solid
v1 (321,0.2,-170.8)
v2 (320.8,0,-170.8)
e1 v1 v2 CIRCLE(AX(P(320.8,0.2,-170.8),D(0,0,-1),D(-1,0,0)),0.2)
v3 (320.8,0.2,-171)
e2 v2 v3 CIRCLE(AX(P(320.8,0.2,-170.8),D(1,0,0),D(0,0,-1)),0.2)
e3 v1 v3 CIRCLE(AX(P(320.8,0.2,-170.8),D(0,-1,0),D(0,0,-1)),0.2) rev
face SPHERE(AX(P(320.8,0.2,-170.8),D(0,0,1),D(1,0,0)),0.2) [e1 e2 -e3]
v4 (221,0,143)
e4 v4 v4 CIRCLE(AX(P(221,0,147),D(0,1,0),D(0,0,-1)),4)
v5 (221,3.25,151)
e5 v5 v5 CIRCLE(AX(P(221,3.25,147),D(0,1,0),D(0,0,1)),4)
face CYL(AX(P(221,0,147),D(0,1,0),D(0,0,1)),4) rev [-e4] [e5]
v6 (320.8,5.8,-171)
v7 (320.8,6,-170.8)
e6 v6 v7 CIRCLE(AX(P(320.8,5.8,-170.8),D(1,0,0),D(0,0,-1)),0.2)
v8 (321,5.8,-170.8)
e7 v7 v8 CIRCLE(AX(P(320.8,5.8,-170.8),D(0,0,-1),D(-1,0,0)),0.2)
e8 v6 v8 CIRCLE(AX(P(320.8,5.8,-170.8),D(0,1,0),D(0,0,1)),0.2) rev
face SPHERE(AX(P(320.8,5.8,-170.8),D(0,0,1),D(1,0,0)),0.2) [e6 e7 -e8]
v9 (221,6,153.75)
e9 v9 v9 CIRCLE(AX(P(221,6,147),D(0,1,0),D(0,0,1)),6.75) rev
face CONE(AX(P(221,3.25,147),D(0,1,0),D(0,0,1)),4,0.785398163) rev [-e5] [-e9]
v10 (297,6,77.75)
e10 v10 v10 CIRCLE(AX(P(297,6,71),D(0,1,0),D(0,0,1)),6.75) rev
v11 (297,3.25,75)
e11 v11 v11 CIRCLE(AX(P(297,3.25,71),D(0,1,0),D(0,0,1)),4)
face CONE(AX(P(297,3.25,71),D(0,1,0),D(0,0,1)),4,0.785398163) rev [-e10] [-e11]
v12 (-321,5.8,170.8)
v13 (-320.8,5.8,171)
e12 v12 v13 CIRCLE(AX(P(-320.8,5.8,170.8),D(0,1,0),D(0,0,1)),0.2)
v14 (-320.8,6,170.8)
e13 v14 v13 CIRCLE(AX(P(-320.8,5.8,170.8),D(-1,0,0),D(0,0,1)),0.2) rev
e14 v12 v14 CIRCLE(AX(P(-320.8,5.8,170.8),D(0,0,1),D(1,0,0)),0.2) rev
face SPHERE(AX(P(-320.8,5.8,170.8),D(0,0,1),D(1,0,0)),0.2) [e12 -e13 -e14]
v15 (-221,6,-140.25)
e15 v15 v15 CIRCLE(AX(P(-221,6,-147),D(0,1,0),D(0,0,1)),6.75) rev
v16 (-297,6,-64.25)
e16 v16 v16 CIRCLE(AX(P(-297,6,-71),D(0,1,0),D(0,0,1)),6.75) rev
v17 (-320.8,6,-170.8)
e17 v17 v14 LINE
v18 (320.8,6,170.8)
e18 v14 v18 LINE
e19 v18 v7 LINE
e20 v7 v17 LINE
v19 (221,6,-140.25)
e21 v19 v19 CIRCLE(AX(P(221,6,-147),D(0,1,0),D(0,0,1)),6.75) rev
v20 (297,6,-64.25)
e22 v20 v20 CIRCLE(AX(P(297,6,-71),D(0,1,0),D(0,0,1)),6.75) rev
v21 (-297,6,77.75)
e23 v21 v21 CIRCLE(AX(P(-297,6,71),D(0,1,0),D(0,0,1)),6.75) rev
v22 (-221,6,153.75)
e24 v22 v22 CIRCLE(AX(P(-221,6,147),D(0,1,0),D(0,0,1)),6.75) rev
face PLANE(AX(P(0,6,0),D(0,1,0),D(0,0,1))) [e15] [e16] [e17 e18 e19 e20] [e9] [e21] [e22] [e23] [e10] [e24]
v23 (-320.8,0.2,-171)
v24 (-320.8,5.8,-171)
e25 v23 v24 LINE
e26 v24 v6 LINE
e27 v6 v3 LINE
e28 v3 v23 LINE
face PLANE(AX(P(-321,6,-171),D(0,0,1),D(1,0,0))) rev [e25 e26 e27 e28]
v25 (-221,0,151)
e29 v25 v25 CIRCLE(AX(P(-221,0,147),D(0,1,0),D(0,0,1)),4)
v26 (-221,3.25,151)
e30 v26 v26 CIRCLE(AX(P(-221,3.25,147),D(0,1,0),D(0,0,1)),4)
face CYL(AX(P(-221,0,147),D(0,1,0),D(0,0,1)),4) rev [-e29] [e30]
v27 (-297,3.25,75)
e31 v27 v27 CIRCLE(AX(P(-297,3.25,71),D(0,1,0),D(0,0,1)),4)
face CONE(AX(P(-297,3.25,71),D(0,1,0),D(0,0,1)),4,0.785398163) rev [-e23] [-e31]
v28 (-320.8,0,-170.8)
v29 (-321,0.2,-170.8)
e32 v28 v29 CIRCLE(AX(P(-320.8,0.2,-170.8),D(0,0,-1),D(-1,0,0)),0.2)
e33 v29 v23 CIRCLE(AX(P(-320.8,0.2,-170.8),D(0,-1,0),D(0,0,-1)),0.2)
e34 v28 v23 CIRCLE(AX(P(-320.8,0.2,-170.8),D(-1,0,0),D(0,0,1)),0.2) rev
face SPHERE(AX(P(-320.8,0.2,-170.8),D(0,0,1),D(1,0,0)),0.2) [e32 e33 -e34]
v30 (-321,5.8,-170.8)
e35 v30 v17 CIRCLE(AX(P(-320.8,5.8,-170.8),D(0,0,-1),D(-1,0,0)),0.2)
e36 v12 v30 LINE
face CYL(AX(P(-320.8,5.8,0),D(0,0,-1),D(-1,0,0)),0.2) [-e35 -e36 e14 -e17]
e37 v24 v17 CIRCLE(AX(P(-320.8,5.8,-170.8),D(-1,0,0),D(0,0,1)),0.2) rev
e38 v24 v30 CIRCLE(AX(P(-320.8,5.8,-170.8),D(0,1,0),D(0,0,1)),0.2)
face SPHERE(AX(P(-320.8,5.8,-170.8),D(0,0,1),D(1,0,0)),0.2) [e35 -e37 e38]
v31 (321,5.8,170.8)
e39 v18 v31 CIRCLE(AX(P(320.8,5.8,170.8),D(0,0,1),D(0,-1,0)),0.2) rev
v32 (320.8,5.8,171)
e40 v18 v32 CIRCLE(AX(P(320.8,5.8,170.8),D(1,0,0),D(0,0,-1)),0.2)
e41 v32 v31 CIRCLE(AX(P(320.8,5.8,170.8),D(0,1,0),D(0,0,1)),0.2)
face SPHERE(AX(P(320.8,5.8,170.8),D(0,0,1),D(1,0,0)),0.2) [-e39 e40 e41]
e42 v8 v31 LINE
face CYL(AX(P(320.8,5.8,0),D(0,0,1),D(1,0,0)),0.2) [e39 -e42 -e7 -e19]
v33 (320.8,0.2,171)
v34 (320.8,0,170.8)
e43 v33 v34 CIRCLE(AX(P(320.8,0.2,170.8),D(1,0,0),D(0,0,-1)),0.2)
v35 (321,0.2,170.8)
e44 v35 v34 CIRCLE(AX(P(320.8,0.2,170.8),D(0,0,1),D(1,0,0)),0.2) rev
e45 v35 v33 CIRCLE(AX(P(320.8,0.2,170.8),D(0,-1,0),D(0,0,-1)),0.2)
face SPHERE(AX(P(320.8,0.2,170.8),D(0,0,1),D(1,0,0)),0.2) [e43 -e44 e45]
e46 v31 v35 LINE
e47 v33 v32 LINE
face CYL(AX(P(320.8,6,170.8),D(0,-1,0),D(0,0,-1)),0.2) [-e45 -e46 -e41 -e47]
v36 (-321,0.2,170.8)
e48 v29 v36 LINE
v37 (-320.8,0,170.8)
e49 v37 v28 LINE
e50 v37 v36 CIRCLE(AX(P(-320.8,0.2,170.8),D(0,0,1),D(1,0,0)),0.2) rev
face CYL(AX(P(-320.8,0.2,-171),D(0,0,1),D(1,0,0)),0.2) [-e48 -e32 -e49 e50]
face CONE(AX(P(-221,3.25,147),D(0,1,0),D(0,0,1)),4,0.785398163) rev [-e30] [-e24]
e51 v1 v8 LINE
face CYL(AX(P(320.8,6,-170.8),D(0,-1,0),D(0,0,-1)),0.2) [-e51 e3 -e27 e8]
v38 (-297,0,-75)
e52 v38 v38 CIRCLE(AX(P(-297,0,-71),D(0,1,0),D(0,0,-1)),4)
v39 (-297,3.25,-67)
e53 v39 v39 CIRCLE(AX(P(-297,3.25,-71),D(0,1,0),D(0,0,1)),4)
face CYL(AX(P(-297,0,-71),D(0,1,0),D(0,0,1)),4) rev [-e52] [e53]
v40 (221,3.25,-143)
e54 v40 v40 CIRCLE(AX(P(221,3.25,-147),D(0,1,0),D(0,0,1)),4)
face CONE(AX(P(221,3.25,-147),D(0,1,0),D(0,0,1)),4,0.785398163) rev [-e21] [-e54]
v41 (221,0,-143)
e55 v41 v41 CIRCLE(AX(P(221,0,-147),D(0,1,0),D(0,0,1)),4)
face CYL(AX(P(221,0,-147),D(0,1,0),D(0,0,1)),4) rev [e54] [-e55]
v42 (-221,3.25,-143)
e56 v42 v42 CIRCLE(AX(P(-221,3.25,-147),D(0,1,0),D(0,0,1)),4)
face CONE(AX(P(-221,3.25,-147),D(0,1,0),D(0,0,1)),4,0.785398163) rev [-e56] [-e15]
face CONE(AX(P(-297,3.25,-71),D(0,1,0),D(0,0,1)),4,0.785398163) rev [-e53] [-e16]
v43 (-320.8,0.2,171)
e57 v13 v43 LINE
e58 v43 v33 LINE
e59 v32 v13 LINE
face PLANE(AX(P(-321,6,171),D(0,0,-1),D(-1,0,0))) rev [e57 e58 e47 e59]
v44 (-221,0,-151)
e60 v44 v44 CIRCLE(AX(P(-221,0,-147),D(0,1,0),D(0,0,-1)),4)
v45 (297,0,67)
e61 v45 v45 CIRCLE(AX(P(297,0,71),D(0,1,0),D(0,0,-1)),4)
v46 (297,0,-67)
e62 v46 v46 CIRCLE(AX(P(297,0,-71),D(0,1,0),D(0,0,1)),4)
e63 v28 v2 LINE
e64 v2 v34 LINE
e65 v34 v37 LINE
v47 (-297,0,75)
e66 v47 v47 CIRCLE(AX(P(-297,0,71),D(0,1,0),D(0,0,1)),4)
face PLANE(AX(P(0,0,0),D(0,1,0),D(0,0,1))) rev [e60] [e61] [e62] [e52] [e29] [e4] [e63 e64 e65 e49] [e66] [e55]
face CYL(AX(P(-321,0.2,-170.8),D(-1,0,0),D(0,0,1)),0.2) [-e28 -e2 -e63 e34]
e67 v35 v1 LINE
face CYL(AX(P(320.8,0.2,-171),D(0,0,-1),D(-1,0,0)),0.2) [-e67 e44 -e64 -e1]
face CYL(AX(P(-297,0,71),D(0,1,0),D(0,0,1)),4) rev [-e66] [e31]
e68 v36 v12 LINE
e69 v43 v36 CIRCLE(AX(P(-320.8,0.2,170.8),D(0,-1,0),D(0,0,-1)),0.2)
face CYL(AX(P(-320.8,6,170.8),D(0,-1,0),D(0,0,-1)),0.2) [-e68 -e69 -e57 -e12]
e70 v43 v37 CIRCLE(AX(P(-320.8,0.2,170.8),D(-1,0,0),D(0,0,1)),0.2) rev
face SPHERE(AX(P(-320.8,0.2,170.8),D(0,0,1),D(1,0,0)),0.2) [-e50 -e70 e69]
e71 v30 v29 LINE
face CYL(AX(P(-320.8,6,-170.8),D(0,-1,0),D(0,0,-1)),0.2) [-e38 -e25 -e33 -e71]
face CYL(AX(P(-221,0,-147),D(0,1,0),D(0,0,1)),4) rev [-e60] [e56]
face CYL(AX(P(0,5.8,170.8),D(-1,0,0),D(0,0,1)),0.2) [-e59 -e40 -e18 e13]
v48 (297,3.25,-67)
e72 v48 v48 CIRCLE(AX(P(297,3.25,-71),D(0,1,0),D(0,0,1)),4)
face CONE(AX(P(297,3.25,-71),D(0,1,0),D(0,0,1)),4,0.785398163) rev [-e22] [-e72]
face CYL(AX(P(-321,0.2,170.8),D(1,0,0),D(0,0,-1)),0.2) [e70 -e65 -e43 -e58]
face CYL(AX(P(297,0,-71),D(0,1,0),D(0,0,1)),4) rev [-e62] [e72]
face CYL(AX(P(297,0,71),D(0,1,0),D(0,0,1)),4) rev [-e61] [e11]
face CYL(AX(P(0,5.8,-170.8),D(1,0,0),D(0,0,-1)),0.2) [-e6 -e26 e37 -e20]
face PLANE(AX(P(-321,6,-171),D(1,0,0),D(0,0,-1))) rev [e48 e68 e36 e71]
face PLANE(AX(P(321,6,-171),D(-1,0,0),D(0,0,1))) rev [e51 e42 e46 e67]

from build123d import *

# Parameters (mm, degrees)
SKETCH1_W           = 642
SKETCH1_H           = 342
BOSS_EXTRUDE1_DEPTH = 6
SKETCH2_R           = 4
CUT_EXTRUDE1_DEPTH  = 7
CHAMFER1_SIZE       = 2.75
FILLET1_R           = 0.2


with BuildPart() as part:
    # Sketch1 → Boss-Extrude1 (new body)
    with BuildSketch(Plane(origin=(0, 0, 0), x_dir=(1, 0, 0), z_dir=(0, 1, 0))):
        Rectangle(SKETCH1_W, SKETCH1_H)
    extrude(amount=BOSS_EXTRUDE1_DEPTH)

    # Sketch2 → Cut-Extrude1 (cut, through all)
    with BuildSketch(Plane(origin=(0, 6, 0), x_dir=(1, 0, 0), z_dir=(0, 1, 0))):
        with Locations((-221, -147)):
            Circle(SKETCH2_R)
        with Locations((221, -147)):
            Circle(SKETCH2_R)
        with Locations((-297, -71)):
            Circle(SKETCH2_R)
        with Locations((297, -71)):
            Circle(SKETCH2_R)
        with Locations((297, 71)):
            Circle(SKETCH2_R)
        with Locations((221, 147)):
            Circle(SKETCH2_R)
        with Locations((-221, 147)):
            Circle(SKETCH2_R)
        with Locations((-297, 71)):
            Circle(SKETCH2_R)
    extrude(amount=-CUT_EXTRUDE1_DEPTH, mode=Mode.SUBTRACT)

    # Chamfer1
    chamfer1_edges = [part.edges().sort_by_distance(p)[0] for p in [
        (-225, 6, 147),
        (217, 6, 147),
        (-301, 6, 71),
        (293, 6, 71),
        (293, 6, -71),
        (217, 6, -147),
        (-225, 6, -147),
        (-301, 6, -71),
    ]]
    chamfer(chamfer1_edges, length=CHAMFER1_SIZE)

    # Fillet1
    fillet1_edges = [part.edges().sort_by_distance(p)[0] for p in [
        (-321, 6, 0),
        (0, 6, 171),
        (321, 6, 0),
        (0, 0, 171),
        (-321, 0, 0),
        (0, 0, -171),
        (321, 0, 0),
        (0, 6, -171),
        (321, 3, 171),
        (-321, 3, 171),
        (-321, 3, -171),
        (321, 3, -171),
    ]]
    fillet(fillet1_edges, radius=FILLET1_R)


solid = part.part
